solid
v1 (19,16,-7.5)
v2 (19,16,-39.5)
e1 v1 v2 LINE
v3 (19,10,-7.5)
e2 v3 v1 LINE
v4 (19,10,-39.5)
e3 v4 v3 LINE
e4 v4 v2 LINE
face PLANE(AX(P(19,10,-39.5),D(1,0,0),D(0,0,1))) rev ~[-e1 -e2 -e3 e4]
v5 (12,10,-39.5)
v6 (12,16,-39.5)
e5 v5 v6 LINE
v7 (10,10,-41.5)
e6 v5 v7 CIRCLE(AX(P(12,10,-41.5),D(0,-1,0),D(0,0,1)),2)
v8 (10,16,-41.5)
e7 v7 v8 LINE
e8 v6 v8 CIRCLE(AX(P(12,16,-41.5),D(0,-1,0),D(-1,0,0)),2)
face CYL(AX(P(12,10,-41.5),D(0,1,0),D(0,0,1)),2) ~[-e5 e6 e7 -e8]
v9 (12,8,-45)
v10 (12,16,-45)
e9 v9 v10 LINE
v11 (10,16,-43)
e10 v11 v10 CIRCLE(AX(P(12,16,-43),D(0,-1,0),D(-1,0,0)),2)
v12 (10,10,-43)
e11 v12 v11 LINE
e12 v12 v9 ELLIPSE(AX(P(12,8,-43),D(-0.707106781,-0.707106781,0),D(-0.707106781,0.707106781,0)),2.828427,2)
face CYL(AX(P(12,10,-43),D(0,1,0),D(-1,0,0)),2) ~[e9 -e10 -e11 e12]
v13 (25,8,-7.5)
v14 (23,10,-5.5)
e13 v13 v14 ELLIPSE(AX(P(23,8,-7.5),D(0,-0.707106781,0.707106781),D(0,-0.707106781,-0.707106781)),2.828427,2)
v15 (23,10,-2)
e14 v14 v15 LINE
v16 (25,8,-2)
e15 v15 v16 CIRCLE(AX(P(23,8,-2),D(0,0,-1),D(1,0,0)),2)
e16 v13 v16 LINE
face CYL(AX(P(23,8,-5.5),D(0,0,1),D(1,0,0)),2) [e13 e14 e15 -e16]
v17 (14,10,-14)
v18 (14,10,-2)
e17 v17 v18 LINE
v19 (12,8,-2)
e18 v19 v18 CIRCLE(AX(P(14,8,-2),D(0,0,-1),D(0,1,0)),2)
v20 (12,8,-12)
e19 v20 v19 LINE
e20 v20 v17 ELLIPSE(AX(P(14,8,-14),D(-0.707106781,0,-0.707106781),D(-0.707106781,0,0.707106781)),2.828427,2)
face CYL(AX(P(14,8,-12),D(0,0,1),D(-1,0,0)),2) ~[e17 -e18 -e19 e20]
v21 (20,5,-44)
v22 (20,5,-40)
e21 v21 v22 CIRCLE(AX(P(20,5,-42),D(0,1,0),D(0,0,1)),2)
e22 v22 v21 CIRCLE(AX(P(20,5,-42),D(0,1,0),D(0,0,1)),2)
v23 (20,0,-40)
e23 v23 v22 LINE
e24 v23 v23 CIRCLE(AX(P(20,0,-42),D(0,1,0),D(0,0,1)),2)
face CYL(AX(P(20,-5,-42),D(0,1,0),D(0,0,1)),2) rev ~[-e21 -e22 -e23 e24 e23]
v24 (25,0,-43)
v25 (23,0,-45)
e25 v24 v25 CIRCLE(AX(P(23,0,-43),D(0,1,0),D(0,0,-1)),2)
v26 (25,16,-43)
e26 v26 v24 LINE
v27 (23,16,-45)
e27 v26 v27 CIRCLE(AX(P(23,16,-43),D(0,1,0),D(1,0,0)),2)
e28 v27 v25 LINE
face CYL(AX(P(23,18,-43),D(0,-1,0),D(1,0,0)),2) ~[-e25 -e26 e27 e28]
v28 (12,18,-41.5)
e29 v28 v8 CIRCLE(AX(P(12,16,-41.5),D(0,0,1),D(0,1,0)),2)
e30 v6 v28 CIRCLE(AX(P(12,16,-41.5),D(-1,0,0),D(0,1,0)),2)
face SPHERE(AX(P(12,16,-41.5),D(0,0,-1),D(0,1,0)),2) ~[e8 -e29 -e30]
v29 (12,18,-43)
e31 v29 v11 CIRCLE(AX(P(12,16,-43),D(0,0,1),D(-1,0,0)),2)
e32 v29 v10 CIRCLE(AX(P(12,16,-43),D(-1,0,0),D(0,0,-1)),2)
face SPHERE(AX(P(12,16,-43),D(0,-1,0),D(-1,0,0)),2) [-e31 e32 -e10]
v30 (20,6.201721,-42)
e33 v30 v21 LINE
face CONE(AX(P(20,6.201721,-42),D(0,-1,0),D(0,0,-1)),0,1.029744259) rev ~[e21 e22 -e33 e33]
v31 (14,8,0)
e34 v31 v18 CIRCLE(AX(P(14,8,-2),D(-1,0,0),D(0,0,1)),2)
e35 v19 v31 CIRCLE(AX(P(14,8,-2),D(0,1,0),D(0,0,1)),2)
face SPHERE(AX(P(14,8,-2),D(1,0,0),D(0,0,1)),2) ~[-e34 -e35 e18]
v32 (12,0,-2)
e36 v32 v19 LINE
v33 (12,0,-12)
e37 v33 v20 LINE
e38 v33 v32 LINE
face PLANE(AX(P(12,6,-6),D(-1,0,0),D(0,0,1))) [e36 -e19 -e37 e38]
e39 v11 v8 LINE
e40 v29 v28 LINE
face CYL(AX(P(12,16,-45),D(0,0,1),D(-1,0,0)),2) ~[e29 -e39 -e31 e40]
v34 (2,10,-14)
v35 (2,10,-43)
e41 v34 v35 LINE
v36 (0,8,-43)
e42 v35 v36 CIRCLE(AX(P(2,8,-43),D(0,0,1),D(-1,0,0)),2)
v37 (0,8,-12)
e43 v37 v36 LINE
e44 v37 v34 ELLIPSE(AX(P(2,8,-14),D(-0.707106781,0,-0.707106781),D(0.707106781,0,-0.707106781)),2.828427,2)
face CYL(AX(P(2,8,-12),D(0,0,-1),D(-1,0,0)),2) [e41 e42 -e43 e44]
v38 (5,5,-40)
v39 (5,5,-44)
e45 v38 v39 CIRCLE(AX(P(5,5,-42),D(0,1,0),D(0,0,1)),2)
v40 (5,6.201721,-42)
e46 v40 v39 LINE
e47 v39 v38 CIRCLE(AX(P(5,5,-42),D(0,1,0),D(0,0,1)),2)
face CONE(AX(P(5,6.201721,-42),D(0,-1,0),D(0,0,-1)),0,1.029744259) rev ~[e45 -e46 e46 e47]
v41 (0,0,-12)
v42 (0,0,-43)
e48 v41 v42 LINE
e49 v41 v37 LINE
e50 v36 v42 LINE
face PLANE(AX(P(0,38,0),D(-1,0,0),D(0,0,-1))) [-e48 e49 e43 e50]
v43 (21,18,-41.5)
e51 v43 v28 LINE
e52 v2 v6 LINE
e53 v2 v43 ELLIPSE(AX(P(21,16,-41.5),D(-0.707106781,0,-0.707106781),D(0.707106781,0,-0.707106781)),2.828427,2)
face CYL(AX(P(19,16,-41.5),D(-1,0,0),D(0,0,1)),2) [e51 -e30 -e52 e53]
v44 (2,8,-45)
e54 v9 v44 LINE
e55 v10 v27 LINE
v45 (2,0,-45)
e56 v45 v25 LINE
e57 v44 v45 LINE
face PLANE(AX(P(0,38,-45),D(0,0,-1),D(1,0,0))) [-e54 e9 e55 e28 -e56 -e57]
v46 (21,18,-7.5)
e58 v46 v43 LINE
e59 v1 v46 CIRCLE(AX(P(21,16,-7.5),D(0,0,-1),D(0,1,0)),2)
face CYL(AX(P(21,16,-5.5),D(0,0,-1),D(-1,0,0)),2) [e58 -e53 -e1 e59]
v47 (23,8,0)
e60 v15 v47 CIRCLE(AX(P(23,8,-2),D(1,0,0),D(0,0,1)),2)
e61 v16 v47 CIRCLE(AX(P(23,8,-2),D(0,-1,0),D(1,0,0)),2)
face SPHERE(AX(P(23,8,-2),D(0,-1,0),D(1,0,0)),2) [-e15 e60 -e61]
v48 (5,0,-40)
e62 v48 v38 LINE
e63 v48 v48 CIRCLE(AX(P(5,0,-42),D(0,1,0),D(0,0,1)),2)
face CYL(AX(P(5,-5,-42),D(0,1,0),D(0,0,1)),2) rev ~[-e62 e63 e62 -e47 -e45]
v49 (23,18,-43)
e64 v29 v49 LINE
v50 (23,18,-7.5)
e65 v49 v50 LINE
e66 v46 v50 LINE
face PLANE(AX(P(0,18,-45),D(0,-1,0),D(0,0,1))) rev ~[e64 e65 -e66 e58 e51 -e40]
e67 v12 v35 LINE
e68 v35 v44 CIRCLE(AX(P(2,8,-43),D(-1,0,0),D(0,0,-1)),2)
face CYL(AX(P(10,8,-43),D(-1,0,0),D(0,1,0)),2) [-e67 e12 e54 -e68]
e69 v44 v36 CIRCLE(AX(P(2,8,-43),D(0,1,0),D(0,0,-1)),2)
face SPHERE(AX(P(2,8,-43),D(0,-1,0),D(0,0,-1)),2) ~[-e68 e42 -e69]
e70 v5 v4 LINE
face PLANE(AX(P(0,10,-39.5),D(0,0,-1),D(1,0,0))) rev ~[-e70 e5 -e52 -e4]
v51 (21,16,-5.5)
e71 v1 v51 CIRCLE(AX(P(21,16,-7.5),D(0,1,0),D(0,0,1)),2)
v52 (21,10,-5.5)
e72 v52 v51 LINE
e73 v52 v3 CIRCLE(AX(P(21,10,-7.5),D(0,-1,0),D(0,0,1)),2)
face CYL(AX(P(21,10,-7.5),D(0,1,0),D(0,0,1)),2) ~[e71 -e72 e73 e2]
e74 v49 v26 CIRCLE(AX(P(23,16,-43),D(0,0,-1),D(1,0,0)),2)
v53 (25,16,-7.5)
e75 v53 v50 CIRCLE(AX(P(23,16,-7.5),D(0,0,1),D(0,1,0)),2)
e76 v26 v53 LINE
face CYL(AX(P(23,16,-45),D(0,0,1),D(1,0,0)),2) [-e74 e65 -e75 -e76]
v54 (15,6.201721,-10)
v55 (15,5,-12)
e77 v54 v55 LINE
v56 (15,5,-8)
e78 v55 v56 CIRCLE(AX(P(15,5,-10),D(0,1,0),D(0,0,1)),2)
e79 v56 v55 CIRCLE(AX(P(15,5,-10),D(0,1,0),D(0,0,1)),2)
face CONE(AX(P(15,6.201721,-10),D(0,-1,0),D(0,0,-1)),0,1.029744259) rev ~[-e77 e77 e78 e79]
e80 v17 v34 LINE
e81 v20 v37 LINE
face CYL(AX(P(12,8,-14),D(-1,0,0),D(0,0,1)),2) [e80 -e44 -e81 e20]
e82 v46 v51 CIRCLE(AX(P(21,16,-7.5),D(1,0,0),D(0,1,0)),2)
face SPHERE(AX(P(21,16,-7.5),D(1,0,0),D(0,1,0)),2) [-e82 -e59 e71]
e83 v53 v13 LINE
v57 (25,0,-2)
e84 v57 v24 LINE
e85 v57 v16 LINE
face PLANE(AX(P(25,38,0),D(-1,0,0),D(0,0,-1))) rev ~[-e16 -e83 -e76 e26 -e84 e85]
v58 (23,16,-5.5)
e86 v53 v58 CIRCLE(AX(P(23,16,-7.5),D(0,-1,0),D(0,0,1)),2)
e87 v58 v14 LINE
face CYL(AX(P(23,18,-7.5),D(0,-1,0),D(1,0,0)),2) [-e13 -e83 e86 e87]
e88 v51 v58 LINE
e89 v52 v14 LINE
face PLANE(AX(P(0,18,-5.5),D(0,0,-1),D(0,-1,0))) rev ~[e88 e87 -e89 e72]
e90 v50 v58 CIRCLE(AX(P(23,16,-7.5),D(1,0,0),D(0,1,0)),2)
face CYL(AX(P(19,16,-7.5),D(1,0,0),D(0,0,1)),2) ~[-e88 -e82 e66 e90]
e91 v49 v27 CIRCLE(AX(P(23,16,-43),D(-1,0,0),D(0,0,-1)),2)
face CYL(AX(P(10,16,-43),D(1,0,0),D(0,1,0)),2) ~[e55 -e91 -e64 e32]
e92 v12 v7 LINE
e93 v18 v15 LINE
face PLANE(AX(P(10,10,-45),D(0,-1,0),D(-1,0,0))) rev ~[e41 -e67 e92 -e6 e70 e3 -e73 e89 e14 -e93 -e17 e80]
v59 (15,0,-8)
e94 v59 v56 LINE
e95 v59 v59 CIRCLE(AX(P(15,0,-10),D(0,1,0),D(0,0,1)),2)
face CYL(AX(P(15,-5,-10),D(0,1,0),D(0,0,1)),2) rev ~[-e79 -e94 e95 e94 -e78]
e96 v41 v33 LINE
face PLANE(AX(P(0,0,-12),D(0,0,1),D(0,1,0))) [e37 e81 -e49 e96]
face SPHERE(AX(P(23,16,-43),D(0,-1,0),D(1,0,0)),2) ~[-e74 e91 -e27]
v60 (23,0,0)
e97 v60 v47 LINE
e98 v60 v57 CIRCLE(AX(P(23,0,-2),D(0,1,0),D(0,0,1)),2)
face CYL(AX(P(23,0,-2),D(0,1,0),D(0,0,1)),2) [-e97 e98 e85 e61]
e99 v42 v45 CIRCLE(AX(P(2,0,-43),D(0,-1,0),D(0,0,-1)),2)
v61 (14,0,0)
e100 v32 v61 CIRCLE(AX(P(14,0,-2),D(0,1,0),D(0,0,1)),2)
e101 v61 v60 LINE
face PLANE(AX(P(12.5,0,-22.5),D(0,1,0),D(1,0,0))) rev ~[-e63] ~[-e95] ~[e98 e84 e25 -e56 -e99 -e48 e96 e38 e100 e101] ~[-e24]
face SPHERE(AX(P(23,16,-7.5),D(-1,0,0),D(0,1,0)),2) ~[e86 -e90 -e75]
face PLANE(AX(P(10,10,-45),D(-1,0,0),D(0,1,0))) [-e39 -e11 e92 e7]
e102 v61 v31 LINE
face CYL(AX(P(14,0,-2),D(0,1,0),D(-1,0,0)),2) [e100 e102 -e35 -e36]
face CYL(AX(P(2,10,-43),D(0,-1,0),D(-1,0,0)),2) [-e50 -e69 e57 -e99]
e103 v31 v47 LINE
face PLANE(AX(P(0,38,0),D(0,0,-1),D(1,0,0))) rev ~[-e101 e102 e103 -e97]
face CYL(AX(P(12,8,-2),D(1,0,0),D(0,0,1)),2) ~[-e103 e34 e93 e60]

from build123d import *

# Parameters (mm, degrees)
ESBO_O1_W                      = 25
ESBO_O1_H                      = 45
RESSALTO_EXTRUS_O1_DEPTH       = 10
RESSALTO_EXTRUS_O2_DEPTH       = 28
ESBO_O3_W                      = 25
ESBO_O3_H                      = 45
RESSALTO_EXTRUS_O3_DEPTH       = 6
FURO_DE_DI_METRO_4_0_4_1_D     = 4
FURO_DE_DI_METRO_4_0_4_1_DEPTH = 5
FURO_DE_DI_METRO_4_0_4_1_TIP   = 1.201721238
ESBO_O7_W                      = 10
ESBO_O7_H                      = 28
CORTE_EXTRUS_O2_DEPTH          = 5.5
ESBO_O8_W                      = 12
ESBO_O8_H                      = 12
CORTE_EXTRUS_O3_DEPTH          = 12
CORTE_EXTRUS_O4_DEPTH          = 68.720011813
FILETE2_R                      = 2


with BuildPart() as part:
    # Esboço1 → Ressalto-extrusão1 (new body)
    with BuildSketch(Plane(origin=(0, 0, 0), x_dir=(1, 0, 0), z_dir=(0, 1, 0))):
        with Locations((12.5, 22.5)):
            Rectangle(ESBO_O1_W, ESBO_O1_H)
    extrude(amount=RESSALTO_EXTRUS_O1_DEPTH)

    # Esboço2 → Ressalto-extrusão2 (add)
    with BuildSketch(Plane(origin=(0, 10, 0), x_dir=(1, 0, 0), z_dir=(0, 1, 0))):
        Polygon((0, 39.5), (19, 39.5), (19, 5.5), (0, 5.5), (0, 0), (25, 0), (25, 39.5), (25, 45), (0, 45), align=None)
    extrude(amount=RESSALTO_EXTRUS_O2_DEPTH)

    # Esboço3 → Ressalto-extrusão3 (add)
    with BuildSketch(Plane(origin=(0, 38, 0), x_dir=(1, 0, 0), z_dir=(0, 1, 0))):
        with Locations((12.5, 22.5)):
            Rectangle(ESBO_O3_W, ESBO_O3_H)
    extrude(amount=RESSALTO_EXTRUS_O3_DEPTH)

    # Furo de diâmetro Ø4.0 (4)1
    with Locations(Plane(origin=(15, 0, -10), x_dir=(0, 0, -1), z_dir=(0, -1, 0))):
        with Locations((0, 0), (32, 5), (32, -10)):
            Hole(FURO_DE_DI_METRO_4_0_4_1_D / 2, depth=FURO_DE_DI_METRO_4_0_4_1_DEPTH)
            with Locations((0, 0, -(FURO_DE_DI_METRO_4_0_4_1_DEPTH + FURO_DE_DI_METRO_4_0_4_1_TIP / 2))):  # 118° drill point
                Cone(0, FURO_DE_DI_METRO_4_0_4_1_D / 2, FURO_DE_DI_METRO_4_0_4_1_TIP, mode=Mode.SUBTRACT)

    # Esboço7 → Corte-extrusão2 (cut)
    with BuildSketch(Plane(origin=(0, 0, -45), x_dir=(-1, 0, 0), z_dir=(0, 0, -1))):
        with Locations((-5, 24)):
            Rectangle(ESBO_O7_W, ESBO_O7_H)
    extrude(amount=-CORTE_EXTRUS_O2_DEPTH, mode=Mode.SUBTRACT)

    # Esboço8 → Corte-extrusão3 (cut)
    with BuildSketch(Plane.ZY):
        with Locations((-6, 6)):
            Rectangle(ESBO_O8_W, ESBO_O8_H)
    extrude(amount=-CORTE_EXTRUS_O3_DEPTH, mode=Mode.SUBTRACT)

    # Esboço9 → Corte-extrusão4 (cut, through all)
    with BuildSketch(Plane.ZY):
        Polygon((-45, 44), (-45, 18), (-5.5, 18), (-5.5, 10), (0, 10), (0, 44), align=None)
    extrude(amount=-CORTE_EXTRUS_O4_DEPTH, mode=Mode.SUBTRACT)

    # Filete2
    filete2_edges = [part.edges().sort_by_distance(p)[0] for p in [
        (10, 14, -45),
        (10, 18, -42.25),
        (25, 9, -45),
        (25, 5, 0),
        (22, 18, -5.5),
        (19, 18, -22.5),
        (14.5, 18, -39.5),
        (25, 18, -25.25),
        (19, 14, -5.5),
        (25, 14, -5.5),
        (25, 10, -2.75),
        (18.5, 10, 0),
        (17.5, 18, -45),
        (0, 5, -45),
        (5, 10, -45),
        (10, 14, -39.5),
        (0, 10, -28.5),
        (6, 10, -12),
        (12, 5, 0),
        (12, 10, -6),
    ]]
    fillet(filete2_edges, radius=FILETE2_R)


solid = part.part
